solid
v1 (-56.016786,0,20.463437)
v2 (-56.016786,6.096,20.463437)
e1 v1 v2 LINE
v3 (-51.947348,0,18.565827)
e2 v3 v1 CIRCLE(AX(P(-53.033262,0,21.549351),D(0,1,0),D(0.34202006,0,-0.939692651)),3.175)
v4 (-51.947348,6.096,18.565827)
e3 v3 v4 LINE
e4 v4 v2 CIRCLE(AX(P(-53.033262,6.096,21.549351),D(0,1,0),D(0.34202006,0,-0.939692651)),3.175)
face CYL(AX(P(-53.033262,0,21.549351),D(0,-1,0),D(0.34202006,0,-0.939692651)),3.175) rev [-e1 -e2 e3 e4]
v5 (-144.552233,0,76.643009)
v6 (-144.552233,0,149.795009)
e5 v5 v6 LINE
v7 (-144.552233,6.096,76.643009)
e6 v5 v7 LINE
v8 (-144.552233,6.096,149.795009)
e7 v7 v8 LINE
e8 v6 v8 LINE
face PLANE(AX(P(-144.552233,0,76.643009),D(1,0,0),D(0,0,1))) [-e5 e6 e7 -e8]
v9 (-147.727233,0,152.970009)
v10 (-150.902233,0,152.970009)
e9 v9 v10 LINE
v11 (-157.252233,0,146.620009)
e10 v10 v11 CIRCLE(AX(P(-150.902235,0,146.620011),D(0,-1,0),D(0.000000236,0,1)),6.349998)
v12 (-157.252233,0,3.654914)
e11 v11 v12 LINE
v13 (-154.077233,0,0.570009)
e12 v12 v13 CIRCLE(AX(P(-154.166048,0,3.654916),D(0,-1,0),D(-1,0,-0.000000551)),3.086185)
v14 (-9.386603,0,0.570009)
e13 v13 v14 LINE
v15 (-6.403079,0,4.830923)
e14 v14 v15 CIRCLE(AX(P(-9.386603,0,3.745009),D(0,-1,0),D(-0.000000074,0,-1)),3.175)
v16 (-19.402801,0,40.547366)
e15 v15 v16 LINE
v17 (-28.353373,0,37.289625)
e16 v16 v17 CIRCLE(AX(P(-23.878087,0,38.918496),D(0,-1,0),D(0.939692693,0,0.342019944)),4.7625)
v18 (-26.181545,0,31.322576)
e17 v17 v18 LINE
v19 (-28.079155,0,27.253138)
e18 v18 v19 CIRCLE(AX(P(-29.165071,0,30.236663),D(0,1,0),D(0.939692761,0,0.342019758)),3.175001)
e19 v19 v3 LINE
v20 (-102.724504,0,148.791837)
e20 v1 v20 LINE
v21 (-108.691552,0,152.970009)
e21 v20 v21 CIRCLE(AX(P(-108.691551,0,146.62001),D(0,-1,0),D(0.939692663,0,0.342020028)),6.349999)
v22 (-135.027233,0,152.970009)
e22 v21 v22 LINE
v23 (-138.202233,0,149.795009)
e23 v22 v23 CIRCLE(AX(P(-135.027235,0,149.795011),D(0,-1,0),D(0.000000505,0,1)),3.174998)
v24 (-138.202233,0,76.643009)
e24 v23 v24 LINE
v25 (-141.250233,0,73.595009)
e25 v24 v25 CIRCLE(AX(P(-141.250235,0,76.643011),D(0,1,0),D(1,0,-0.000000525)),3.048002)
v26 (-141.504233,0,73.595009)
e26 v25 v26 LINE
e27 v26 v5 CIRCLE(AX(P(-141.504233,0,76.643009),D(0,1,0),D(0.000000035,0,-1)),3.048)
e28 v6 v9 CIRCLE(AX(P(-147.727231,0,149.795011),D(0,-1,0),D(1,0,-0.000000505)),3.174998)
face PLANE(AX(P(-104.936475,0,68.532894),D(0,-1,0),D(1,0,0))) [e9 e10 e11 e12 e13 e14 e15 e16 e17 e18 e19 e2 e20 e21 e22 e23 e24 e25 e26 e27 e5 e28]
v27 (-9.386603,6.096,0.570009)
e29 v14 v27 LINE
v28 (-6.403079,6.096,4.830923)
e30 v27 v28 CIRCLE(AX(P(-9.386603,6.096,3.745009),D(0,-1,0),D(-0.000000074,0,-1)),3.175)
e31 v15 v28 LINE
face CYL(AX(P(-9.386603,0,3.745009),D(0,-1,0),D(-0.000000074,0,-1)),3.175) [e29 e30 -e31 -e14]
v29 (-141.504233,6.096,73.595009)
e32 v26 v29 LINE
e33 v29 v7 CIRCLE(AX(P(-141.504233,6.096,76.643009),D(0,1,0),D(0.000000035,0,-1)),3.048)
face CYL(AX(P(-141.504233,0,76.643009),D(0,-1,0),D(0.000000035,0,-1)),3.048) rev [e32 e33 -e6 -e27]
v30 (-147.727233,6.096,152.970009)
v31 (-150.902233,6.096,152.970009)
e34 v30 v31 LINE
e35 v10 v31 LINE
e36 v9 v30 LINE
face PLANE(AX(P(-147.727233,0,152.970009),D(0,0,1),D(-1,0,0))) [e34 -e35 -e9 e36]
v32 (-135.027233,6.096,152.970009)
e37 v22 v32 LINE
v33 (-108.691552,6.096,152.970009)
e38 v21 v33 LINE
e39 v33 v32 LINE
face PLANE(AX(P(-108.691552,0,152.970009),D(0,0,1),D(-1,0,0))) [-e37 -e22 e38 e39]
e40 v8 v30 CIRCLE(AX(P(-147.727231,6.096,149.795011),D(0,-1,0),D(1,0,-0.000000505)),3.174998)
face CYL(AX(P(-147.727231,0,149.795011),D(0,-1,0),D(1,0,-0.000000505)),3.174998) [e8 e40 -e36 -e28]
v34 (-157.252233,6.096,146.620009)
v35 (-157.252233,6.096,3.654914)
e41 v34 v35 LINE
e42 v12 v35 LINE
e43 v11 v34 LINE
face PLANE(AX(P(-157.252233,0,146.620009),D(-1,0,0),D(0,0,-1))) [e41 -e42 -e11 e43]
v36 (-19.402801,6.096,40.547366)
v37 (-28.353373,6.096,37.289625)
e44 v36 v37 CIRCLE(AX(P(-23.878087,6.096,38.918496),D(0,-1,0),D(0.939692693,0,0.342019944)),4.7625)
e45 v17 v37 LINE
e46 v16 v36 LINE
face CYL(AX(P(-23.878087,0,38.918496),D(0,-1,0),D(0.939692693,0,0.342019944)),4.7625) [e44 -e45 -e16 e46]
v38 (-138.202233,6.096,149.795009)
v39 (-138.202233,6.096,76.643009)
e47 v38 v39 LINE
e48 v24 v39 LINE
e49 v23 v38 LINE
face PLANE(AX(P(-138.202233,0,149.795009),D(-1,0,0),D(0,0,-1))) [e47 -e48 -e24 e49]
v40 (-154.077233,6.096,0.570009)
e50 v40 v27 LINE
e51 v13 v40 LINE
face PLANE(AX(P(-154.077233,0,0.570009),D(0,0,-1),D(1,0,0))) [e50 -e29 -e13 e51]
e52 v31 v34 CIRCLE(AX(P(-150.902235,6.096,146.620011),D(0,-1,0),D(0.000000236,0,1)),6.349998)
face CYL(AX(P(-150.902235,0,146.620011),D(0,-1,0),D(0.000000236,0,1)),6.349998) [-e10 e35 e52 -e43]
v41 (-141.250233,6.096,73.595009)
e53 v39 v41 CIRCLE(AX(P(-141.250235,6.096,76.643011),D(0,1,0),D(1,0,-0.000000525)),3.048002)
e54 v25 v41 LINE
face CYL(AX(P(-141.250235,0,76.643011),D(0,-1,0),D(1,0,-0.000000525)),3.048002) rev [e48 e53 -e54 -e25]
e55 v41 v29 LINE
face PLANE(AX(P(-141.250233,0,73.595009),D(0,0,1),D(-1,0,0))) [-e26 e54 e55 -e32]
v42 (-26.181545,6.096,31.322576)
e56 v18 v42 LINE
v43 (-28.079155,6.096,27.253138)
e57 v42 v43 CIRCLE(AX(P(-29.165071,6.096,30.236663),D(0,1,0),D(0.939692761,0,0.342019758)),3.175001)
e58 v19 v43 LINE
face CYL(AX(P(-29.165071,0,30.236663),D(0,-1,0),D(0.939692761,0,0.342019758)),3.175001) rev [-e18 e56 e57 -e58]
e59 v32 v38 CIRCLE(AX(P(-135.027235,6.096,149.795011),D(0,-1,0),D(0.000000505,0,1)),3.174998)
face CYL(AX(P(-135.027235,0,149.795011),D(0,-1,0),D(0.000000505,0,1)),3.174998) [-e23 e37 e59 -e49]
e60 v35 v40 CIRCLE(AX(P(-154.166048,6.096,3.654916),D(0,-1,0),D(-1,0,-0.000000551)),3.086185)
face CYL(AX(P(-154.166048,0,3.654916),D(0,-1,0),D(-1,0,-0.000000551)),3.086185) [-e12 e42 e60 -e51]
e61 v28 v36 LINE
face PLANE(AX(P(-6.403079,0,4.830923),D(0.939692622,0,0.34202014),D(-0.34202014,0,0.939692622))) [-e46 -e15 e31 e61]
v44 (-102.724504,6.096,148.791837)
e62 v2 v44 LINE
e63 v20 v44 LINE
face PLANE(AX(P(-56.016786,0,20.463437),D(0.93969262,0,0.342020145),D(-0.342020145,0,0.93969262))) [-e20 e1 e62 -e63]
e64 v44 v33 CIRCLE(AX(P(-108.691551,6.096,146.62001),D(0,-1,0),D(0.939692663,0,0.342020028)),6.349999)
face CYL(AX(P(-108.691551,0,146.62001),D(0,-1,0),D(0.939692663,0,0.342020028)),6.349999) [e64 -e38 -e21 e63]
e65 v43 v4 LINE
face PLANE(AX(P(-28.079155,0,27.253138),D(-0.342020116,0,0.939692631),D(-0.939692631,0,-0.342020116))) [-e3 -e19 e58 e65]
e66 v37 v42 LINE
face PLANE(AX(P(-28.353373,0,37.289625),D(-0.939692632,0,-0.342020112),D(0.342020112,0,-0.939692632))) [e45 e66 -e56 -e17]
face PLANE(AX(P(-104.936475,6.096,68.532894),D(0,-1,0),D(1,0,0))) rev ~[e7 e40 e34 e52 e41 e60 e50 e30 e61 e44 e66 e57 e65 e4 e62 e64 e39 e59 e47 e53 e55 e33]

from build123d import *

# Parameters (mm, degrees)
F1_DEPTH = 6.096


with BuildPart() as f1:
    # F0 (on Front) → F1 (new body)
    with BuildSketch(Plane.XZ):
        with BuildLine():
            Line((-147.727233, 152.970009), (-150.902233, 152.970009))
            ThreePointArc((-150.902233, 152.970009), (-155.392361, 151.110138), (-157.252233, 146.620009))
            Line((-157.252233, 146.620009), (-157.252233, 3.654914))
            ThreePointArc((-157.252233, 3.654914), (-156.31668, 1.441475), (-154.077233, 0.570009))
            Line((-154.077233, 0.570009), (-9.386603, 0.570009))
            ThreePointArc((-9.386603, 0.570009), (-6.785795, 1.923904), (-6.403079, 4.830923))
            Line((-6.403079, 4.830923), (-19.402801, 40.547366))
            ThreePointArc((-19.402801, 40.547366), (-25.506958, 43.393782), (-28.353373, 37.289625))
            Line((-28.353373, 37.289625), (-26.181545, 31.322576))
            ThreePointArc((-26.181545, 31.322576), (-26.287542, 28.89485), (-28.079155, 27.253138))
            Line((-28.079155, 27.253138), (-51.947348, 18.565827))
            ThreePointArc((-51.947348, 18.565827), (-54.375075, 18.671824), (-56.016786, 20.463437))
            Line((-56.016786, 20.463437), (-102.724504, 148.791837))
            ThreePointArc((-102.724504, 148.791837), (-105.049342, 151.821625), (-108.691552, 152.970009))
            Line((-108.691552, 152.970009), (-135.027233, 152.970009))
            ThreePointArc((-135.027233, 152.970009), (-137.272297, 152.040074), (-138.202233, 149.795009))
            Line((-138.202233, 149.795009), (-138.202233, 76.643009))
            ThreePointArc((-138.202233, 76.643009), (-139.094972, 74.487748), (-141.250233, 73.595009))
            Line((-141.250233, 73.595009), (-141.504233, 73.595009))
            ThreePointArc((-141.504233, 73.595009), (-143.659495, 74.487748), (-144.552233, 76.643009))
            Line((-144.552233, 76.643009), (-144.552233, 149.795009))
            ThreePointArc((-144.552233, 149.795009), (-145.482169, 152.040074), (-147.727233, 152.970009))
        make_face()
    extrude(amount=-F1_DEPTH)


solid = f1.part
